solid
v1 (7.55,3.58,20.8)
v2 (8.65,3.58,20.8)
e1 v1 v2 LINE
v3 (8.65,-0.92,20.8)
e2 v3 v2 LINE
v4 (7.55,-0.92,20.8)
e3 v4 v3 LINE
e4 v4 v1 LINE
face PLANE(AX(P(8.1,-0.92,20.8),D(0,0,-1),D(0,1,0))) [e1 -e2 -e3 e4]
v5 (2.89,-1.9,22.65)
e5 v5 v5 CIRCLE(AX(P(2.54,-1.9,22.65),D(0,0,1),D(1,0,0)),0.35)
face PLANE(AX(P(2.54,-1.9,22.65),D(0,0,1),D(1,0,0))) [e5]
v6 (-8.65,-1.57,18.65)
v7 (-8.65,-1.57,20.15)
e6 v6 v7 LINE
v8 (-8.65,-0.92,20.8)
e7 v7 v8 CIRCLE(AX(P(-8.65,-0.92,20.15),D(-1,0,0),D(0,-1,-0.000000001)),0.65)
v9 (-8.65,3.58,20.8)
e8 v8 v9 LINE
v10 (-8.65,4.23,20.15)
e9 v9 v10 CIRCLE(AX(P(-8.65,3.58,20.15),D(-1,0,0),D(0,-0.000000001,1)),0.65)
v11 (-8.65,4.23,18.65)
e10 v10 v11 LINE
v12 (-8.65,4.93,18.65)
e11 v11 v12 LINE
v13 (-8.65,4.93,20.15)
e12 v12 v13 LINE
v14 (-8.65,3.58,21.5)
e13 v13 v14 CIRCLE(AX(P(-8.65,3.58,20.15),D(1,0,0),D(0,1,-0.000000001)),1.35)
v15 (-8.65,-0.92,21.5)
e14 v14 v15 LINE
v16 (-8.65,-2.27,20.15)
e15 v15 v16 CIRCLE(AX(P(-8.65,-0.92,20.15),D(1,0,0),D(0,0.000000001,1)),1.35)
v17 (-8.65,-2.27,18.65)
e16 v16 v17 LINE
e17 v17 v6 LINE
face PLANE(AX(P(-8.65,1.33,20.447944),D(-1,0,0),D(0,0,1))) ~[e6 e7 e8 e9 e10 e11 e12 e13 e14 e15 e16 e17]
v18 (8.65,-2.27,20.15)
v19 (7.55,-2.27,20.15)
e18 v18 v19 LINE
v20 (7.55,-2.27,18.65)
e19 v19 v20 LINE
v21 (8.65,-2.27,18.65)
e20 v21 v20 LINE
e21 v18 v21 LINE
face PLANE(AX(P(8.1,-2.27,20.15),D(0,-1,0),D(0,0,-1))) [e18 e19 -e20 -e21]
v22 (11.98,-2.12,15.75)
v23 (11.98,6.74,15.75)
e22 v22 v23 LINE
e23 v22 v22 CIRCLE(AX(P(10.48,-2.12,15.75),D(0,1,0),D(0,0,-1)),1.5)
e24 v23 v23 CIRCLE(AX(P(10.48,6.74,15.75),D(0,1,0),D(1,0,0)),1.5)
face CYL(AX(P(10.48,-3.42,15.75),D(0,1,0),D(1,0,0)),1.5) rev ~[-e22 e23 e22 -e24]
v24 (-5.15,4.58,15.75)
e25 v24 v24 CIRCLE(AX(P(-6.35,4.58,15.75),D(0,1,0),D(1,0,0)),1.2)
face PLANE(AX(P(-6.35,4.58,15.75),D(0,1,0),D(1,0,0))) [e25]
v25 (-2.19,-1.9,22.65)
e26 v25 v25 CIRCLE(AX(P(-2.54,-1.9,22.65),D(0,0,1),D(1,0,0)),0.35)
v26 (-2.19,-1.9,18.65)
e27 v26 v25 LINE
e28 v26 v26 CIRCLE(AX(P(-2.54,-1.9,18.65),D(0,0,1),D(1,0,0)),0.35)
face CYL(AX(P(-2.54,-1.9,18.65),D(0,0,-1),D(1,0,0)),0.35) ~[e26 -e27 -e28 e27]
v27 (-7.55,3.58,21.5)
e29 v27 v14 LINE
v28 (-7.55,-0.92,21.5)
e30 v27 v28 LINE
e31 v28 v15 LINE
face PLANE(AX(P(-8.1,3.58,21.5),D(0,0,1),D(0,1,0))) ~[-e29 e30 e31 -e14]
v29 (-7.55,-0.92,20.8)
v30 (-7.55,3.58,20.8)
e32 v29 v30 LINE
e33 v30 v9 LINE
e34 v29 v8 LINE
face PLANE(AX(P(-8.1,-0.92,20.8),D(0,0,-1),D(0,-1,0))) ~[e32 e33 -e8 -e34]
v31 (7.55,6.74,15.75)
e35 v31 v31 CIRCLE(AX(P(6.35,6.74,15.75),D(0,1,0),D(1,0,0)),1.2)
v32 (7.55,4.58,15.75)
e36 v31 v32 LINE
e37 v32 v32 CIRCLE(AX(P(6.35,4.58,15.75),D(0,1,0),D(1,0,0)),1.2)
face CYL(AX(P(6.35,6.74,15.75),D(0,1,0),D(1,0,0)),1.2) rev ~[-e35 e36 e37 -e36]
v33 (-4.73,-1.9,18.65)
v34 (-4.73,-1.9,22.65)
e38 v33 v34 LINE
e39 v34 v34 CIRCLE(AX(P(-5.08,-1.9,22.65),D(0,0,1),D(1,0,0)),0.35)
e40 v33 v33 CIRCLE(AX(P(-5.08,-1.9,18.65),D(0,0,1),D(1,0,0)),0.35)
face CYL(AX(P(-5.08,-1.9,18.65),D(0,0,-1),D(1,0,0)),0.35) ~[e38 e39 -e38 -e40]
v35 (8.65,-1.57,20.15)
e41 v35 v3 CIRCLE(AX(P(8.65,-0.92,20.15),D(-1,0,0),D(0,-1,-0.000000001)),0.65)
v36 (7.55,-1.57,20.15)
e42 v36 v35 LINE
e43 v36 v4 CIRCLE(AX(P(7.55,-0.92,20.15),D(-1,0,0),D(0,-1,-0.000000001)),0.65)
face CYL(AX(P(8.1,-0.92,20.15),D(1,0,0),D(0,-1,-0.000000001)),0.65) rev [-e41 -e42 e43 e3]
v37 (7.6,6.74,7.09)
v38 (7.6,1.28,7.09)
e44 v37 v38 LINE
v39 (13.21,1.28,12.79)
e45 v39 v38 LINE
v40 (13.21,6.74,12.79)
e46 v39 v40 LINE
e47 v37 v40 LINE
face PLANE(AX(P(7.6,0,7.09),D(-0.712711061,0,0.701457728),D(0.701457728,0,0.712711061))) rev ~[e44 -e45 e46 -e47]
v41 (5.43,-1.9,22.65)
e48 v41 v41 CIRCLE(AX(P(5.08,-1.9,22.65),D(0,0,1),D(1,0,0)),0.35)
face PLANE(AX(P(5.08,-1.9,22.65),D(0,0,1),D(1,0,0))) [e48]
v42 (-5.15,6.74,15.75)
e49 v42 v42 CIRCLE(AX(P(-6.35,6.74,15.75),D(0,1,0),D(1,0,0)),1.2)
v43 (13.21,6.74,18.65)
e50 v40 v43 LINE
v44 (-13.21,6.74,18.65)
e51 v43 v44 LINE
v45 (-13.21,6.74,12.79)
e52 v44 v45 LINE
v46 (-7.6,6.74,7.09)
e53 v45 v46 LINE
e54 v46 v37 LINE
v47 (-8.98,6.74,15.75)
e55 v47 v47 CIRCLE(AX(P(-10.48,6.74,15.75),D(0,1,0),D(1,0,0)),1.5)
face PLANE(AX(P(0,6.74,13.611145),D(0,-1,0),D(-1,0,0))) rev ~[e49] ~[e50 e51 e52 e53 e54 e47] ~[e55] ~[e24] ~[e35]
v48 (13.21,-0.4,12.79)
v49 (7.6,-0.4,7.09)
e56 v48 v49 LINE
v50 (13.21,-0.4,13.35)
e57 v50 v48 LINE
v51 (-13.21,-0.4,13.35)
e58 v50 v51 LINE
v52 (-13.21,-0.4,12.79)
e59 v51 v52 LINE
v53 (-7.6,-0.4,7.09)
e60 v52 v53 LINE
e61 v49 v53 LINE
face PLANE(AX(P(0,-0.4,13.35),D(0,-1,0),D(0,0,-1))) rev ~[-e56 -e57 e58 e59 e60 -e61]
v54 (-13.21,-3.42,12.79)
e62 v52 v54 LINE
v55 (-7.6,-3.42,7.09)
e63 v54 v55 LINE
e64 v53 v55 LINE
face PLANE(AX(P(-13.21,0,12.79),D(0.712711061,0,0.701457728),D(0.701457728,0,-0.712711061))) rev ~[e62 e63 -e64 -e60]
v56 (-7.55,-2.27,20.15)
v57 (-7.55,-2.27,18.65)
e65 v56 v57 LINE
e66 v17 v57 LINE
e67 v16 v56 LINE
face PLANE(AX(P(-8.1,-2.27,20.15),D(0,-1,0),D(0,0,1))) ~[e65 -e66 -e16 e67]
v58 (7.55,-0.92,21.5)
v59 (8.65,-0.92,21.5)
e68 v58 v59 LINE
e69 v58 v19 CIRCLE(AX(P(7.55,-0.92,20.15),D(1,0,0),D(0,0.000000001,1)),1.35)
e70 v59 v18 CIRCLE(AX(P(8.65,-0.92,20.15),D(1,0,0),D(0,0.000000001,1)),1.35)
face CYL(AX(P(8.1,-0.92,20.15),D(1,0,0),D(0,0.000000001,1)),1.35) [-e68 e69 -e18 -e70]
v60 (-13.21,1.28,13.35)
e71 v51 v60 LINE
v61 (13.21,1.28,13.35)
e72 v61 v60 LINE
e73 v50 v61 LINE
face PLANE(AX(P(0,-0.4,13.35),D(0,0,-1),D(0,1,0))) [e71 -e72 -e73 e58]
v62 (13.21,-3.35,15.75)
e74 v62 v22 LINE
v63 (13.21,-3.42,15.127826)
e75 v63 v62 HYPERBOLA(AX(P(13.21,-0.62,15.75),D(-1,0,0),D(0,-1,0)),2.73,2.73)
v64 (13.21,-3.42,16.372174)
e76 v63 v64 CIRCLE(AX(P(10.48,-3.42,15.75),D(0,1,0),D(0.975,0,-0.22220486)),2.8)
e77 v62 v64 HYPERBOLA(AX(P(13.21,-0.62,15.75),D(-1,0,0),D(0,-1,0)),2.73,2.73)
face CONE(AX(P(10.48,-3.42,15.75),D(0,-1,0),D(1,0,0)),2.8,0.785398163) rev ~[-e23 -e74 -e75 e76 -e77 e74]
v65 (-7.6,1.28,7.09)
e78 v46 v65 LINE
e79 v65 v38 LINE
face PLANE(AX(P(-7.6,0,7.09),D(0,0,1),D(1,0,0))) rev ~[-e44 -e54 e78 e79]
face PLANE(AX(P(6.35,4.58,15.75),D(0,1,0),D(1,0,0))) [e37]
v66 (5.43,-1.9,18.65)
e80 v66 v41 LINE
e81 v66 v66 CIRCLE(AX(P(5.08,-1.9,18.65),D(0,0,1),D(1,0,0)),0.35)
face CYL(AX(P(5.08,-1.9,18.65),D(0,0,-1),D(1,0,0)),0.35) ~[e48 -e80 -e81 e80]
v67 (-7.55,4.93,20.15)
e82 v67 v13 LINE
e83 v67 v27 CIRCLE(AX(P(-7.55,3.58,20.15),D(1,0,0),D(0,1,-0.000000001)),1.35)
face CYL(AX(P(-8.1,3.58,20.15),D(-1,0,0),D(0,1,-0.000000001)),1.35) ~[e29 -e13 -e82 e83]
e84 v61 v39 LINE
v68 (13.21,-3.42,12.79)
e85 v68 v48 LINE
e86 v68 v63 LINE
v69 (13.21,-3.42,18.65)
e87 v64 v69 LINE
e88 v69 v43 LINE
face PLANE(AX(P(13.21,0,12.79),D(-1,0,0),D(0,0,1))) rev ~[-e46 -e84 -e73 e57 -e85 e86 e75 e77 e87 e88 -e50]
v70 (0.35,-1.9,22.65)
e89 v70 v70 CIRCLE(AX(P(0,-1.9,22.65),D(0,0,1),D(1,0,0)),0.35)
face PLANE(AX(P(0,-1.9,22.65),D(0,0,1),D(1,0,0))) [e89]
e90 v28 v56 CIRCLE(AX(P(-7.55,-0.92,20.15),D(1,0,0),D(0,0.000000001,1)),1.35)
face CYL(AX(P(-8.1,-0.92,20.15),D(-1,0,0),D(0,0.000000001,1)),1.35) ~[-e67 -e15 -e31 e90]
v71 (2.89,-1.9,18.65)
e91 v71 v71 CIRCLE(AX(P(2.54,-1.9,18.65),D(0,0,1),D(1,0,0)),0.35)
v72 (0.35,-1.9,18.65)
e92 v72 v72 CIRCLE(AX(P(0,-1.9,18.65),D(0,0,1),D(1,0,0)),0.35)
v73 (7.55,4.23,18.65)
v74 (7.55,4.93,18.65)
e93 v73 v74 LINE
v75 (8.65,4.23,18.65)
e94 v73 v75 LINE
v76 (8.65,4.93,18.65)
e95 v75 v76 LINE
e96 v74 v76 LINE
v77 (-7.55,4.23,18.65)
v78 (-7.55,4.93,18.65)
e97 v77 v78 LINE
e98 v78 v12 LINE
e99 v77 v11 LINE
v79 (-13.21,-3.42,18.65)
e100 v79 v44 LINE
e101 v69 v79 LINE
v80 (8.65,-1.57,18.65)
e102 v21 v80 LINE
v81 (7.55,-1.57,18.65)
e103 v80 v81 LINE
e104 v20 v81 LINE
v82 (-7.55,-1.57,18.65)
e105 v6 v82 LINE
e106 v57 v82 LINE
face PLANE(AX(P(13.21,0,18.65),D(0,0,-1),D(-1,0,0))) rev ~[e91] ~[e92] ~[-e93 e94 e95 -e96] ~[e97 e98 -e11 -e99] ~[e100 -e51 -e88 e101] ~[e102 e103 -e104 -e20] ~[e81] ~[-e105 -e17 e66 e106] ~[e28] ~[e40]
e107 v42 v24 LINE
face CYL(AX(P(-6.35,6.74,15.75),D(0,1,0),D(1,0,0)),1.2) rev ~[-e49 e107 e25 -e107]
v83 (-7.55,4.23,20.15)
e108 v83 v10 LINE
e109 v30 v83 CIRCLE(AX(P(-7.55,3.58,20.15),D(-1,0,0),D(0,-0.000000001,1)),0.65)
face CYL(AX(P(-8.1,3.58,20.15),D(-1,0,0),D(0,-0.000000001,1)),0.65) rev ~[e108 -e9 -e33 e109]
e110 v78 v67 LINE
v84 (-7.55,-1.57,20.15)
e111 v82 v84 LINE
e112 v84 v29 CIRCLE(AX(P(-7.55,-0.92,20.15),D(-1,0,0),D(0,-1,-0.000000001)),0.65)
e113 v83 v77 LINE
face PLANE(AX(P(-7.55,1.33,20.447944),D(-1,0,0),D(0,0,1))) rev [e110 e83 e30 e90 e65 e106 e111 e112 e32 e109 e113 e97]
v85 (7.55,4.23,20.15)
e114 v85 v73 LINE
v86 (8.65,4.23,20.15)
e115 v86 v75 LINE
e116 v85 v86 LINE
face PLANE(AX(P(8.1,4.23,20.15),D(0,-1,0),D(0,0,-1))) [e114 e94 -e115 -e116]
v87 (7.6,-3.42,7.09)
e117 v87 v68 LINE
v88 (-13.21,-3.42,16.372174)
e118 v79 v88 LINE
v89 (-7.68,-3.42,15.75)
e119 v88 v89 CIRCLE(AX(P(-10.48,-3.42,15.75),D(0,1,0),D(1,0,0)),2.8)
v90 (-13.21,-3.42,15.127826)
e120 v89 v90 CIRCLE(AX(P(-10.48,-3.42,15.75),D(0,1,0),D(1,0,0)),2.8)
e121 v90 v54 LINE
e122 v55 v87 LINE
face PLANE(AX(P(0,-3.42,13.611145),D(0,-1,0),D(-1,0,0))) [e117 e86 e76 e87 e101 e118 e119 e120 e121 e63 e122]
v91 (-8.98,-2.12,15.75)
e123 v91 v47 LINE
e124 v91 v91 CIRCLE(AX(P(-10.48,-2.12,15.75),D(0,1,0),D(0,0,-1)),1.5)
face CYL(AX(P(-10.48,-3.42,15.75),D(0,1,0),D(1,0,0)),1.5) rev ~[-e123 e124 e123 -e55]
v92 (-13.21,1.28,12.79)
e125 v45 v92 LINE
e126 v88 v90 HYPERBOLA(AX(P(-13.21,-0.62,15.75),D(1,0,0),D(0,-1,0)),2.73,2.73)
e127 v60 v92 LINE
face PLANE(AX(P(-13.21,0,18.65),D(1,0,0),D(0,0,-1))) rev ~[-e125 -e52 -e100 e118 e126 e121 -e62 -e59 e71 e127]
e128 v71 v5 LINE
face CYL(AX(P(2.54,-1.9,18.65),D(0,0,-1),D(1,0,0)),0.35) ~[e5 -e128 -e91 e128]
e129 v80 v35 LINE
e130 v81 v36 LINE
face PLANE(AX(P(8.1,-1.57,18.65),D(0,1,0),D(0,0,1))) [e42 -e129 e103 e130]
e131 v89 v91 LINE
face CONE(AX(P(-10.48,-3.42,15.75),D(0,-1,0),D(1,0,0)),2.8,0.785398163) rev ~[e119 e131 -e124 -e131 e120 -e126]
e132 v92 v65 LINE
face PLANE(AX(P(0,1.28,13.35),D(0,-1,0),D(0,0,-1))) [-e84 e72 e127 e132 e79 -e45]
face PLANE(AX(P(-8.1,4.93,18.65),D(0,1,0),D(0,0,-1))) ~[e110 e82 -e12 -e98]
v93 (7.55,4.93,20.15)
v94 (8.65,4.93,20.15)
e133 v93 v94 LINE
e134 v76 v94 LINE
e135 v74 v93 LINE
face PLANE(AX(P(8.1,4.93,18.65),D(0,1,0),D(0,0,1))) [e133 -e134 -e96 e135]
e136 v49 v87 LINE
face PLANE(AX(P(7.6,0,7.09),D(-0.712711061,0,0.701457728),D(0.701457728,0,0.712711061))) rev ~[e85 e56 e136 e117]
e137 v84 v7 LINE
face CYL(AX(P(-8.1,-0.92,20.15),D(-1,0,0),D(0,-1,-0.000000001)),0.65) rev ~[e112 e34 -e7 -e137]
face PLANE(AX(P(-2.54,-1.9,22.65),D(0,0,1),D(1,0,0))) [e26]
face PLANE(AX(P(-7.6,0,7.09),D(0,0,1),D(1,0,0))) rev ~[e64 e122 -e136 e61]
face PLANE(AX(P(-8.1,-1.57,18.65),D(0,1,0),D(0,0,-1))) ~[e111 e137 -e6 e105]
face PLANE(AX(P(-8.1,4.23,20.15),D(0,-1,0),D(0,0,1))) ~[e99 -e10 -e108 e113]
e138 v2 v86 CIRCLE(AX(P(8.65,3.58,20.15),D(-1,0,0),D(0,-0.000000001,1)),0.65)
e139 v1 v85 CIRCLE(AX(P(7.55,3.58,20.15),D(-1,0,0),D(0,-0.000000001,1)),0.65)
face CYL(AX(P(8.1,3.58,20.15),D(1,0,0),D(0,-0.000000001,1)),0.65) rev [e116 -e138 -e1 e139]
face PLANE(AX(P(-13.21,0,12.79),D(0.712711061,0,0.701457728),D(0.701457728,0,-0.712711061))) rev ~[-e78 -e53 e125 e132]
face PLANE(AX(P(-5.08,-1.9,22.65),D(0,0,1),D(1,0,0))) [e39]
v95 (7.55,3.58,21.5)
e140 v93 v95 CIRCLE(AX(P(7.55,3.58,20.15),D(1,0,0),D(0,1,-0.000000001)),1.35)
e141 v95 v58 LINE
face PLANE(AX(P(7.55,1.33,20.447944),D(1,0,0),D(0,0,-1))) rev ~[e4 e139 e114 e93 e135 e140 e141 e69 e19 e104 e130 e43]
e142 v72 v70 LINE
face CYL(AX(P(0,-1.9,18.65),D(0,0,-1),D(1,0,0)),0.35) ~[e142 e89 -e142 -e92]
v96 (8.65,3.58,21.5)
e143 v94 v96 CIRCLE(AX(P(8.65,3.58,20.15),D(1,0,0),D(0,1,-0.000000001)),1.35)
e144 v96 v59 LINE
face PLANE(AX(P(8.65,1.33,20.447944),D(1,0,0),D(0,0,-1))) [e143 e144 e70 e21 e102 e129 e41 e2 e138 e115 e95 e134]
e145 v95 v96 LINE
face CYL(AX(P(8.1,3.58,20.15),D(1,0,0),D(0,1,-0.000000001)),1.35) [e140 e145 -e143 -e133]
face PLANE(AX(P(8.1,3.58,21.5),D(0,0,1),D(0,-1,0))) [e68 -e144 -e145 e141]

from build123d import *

# Parameters (mm, degrees)
SKIZZE1_R                                            = 1.385
AUFSATZ_LINEAR_AUSTRAGEN1_DEPTH                      = 6.74
AUFSATZ_LINEAR_AUSTRAGEN1_DEPTH_BACK                 = 3.42
SKIZZE2_W                                            = 16.035180953
SKIZZE2_H                                            = 1.68
SCHNITT_LINEAR_AUSTRAGEN1_DEPTH                      = 14.21
SCHNITT_LINEAR_AUSTRAGEN1_DEPTH_BACK                 = 14.21
SKIZZE3_R                                            = 1.2
SCHNITT_LINEAR_AUSTRAGEN2_DEPTH                      = 2.16
SKIZZE4_R                                            = 0.35
AUFSATZ_LINEAR_AUSTRAGEN2_DEPTH                      = 4
LINEAR_AUSTRAGEN_D_NN1_DEPTH                         = 0.55
FORMSENKUNG_F_R_M3_SENKSCHRAUBE_MIT_SCHL_D           = 3
FORMSENKUNG_F_R_M3_SENKSCHRAUBE_MIT_SCHL_DEPTH       = 11
FORMSENKUNG_F_R_M3_SENKSCHRAUBE_MIT_SCHL_CSINK_D     = 5.6
FORMSENKUNG_F_R_M3_SENKSCHRAUBE_MIT_SCHL_CSINK_ANGLE = 90
FORMSENKUNG_F_R_M3_SENKSCHRAUBE_MIT_SCHL_TIP         = 0.901290929


with BuildPart() as part:
    # Skizze1 → Aufsatz-Linear austragen1 (new body, two sides)
    with BuildSketch(Plane(origin=(0, 0, 0), x_dir=(1, 0, 0), z_dir=(0, 1, 0))) as aufsatz_linear_austragen1_sk:
        Polygon((-13.21, -18.65), (-13.21, -12.79), (-7.6, -7.09), (7.6, -7.09), (13.21, -12.79), (13.21, -18.65), align=None)
        with Locations((-10.48, -15.75)):
            Circle(SKIZZE1_R, mode=Mode.SUBTRACT)
        with Locations((10.48, -15.75)):
            Circle(SKIZZE1_R, mode=Mode.SUBTRACT)
    extrude(amount=AUFSATZ_LINEAR_AUSTRAGEN1_DEPTH)
    extrude(aufsatz_linear_austragen1_sk.sketch, amount=-AUFSATZ_LINEAR_AUSTRAGEN1_DEPTH_BACK)

    # Skizze2 → Schnitt-Linear austragen1 (cut, two sides)
    with BuildSketch(Plane(origin=(0, 0, 0), x_dir=(0, 0, -1), z_dir=(1, 0, 0))) as schnitt_linear_austragen1_sk:
        with Locations((-5.332409524, 0.44)):
            Rectangle(SKIZZE2_W, SKIZZE2_H)
    extrude(amount=SCHNITT_LINEAR_AUSTRAGEN1_DEPTH, mode=Mode.SUBTRACT)
    extrude(schnitt_linear_austragen1_sk.sketch, amount=-SCHNITT_LINEAR_AUSTRAGEN1_DEPTH_BACK, mode=Mode.SUBTRACT)

    # Skizze3 → Schnitt-Linear austragen2 (cut)
    with BuildSketch(Plane(origin=(0, 6.74, 0), x_dir=(1, 0, 0), z_dir=(0, 1, 0))):
        with Locations((6.35, -15.75)):
            Circle(SKIZZE3_R)
        with Locations((-6.35, -15.75)):
            Circle(SKIZZE3_R)
    extrude(amount=-SCHNITT_LINEAR_AUSTRAGEN2_DEPTH, mode=Mode.SUBTRACT)

    # Skizze4 → Aufsatz-Linear austragen2 (add)
    with BuildSketch(Plane.XY.offset(18.65)):
        with Locations((0, -1.9)):
            Circle(SKIZZE4_R)
        with Locations((2.54, -1.9)):
            Circle(SKIZZE4_R)
        with Locations((5.08, -1.9)):
            Circle(SKIZZE4_R)
        with Locations((-2.54, -1.9)):
            Circle(SKIZZE4_R)
        with Locations((-5.08, -1.9)):
            Circle(SKIZZE4_R)
    extrude(amount=AUFSATZ_LINEAR_AUSTRAGEN2_DEPTH)

    # Skizze5 → Linear-Austragen-Dünn1 (add, symmetric)
    with BuildSketch(Plane(origin=(8.1, 0, 0), x_dir=(0, 0, -1), z_dir=(1, 0, 0))):
        with BuildLine():
            Line((-18.65, -1.57), (-20.15, -1.57))
            ThreePointArc((-20.15, -1.57), (-20.609619408, -1.379619408), (-20.8, -0.92))
            Line((-20.8, -0.92), (-20.8, 3.58))
            ThreePointArc((-20.8, 3.58), (-20.609619408, 4.039619408), (-20.15, 4.23))
            Line((-20.15, 4.23), (-18.65, 4.23))
            Line((-18.65, 4.23), (-18.65, 4.93))
            Line((-18.65, 4.93), (-20.15, 4.93))
            ThreePointArc((-20.15, 4.93), (-21.104594155, 4.534594155), (-21.5, 3.58))
            Line((-21.5, 3.58), (-21.5, -0.92))
            ThreePointArc((-21.5, -0.92), (-21.104594155, -1.874594155), (-20.15, -2.27))
            Line((-20.15, -2.27), (-18.65, -2.27))
            Line((-18.65, -2.27), (-18.65, -1.57))
        make_face()
    linear_austragen_d_nn1 = extrude(amount=LINEAR_AUSTRAGEN_D_NN1_DEPTH, both=True)

    # Spiegeln1: Linear-Austragen-Dünn1 across plane
    add(linear_austragen_d_nn1.mirror(Plane(origin=(0, 0, 0), x_dir=(0, 0, 1), z_dir=(1, 0, 0))))

    # Formsenkung für M3 Senkschraube mit Schlitz/Kreuzschlitz1
    with Locations(Plane(origin=(0, -3.42, 0), x_dir=(-1, 0, 0), z_dir=(0, -1, 0))):
        with Locations((-10.48, -15.75), (10.48, -15.75)):
            CounterSinkHole(FORMSENKUNG_F_R_M3_SENKSCHRAUBE_MIT_SCHL_D / 2, FORMSENKUNG_F_R_M3_SENKSCHRAUBE_MIT_SCHL_CSINK_D / 2, depth=FORMSENKUNG_F_R_M3_SENKSCHRAUBE_MIT_SCHL_DEPTH, counter_sink_angle=FORMSENKUNG_F_R_M3_SENKSCHRAUBE_MIT_SCHL_CSINK_ANGLE)
            with Locations((0, 0, -(FORMSENKUNG_F_R_M3_SENKSCHRAUBE_MIT_SCHL_DEPTH + FORMSENKUNG_F_R_M3_SENKSCHRAUBE_MIT_SCHL_TIP / 2))):  # 118° drill point
                Cone(0, FORMSENKUNG_F_R_M3_SENKSCHRAUBE_MIT_SCHL_D / 2, FORMSENKUNG_F_R_M3_SENKSCHRAUBE_MIT_SCHL_TIP, mode=Mode.SUBTRACT)


solid = part.part
